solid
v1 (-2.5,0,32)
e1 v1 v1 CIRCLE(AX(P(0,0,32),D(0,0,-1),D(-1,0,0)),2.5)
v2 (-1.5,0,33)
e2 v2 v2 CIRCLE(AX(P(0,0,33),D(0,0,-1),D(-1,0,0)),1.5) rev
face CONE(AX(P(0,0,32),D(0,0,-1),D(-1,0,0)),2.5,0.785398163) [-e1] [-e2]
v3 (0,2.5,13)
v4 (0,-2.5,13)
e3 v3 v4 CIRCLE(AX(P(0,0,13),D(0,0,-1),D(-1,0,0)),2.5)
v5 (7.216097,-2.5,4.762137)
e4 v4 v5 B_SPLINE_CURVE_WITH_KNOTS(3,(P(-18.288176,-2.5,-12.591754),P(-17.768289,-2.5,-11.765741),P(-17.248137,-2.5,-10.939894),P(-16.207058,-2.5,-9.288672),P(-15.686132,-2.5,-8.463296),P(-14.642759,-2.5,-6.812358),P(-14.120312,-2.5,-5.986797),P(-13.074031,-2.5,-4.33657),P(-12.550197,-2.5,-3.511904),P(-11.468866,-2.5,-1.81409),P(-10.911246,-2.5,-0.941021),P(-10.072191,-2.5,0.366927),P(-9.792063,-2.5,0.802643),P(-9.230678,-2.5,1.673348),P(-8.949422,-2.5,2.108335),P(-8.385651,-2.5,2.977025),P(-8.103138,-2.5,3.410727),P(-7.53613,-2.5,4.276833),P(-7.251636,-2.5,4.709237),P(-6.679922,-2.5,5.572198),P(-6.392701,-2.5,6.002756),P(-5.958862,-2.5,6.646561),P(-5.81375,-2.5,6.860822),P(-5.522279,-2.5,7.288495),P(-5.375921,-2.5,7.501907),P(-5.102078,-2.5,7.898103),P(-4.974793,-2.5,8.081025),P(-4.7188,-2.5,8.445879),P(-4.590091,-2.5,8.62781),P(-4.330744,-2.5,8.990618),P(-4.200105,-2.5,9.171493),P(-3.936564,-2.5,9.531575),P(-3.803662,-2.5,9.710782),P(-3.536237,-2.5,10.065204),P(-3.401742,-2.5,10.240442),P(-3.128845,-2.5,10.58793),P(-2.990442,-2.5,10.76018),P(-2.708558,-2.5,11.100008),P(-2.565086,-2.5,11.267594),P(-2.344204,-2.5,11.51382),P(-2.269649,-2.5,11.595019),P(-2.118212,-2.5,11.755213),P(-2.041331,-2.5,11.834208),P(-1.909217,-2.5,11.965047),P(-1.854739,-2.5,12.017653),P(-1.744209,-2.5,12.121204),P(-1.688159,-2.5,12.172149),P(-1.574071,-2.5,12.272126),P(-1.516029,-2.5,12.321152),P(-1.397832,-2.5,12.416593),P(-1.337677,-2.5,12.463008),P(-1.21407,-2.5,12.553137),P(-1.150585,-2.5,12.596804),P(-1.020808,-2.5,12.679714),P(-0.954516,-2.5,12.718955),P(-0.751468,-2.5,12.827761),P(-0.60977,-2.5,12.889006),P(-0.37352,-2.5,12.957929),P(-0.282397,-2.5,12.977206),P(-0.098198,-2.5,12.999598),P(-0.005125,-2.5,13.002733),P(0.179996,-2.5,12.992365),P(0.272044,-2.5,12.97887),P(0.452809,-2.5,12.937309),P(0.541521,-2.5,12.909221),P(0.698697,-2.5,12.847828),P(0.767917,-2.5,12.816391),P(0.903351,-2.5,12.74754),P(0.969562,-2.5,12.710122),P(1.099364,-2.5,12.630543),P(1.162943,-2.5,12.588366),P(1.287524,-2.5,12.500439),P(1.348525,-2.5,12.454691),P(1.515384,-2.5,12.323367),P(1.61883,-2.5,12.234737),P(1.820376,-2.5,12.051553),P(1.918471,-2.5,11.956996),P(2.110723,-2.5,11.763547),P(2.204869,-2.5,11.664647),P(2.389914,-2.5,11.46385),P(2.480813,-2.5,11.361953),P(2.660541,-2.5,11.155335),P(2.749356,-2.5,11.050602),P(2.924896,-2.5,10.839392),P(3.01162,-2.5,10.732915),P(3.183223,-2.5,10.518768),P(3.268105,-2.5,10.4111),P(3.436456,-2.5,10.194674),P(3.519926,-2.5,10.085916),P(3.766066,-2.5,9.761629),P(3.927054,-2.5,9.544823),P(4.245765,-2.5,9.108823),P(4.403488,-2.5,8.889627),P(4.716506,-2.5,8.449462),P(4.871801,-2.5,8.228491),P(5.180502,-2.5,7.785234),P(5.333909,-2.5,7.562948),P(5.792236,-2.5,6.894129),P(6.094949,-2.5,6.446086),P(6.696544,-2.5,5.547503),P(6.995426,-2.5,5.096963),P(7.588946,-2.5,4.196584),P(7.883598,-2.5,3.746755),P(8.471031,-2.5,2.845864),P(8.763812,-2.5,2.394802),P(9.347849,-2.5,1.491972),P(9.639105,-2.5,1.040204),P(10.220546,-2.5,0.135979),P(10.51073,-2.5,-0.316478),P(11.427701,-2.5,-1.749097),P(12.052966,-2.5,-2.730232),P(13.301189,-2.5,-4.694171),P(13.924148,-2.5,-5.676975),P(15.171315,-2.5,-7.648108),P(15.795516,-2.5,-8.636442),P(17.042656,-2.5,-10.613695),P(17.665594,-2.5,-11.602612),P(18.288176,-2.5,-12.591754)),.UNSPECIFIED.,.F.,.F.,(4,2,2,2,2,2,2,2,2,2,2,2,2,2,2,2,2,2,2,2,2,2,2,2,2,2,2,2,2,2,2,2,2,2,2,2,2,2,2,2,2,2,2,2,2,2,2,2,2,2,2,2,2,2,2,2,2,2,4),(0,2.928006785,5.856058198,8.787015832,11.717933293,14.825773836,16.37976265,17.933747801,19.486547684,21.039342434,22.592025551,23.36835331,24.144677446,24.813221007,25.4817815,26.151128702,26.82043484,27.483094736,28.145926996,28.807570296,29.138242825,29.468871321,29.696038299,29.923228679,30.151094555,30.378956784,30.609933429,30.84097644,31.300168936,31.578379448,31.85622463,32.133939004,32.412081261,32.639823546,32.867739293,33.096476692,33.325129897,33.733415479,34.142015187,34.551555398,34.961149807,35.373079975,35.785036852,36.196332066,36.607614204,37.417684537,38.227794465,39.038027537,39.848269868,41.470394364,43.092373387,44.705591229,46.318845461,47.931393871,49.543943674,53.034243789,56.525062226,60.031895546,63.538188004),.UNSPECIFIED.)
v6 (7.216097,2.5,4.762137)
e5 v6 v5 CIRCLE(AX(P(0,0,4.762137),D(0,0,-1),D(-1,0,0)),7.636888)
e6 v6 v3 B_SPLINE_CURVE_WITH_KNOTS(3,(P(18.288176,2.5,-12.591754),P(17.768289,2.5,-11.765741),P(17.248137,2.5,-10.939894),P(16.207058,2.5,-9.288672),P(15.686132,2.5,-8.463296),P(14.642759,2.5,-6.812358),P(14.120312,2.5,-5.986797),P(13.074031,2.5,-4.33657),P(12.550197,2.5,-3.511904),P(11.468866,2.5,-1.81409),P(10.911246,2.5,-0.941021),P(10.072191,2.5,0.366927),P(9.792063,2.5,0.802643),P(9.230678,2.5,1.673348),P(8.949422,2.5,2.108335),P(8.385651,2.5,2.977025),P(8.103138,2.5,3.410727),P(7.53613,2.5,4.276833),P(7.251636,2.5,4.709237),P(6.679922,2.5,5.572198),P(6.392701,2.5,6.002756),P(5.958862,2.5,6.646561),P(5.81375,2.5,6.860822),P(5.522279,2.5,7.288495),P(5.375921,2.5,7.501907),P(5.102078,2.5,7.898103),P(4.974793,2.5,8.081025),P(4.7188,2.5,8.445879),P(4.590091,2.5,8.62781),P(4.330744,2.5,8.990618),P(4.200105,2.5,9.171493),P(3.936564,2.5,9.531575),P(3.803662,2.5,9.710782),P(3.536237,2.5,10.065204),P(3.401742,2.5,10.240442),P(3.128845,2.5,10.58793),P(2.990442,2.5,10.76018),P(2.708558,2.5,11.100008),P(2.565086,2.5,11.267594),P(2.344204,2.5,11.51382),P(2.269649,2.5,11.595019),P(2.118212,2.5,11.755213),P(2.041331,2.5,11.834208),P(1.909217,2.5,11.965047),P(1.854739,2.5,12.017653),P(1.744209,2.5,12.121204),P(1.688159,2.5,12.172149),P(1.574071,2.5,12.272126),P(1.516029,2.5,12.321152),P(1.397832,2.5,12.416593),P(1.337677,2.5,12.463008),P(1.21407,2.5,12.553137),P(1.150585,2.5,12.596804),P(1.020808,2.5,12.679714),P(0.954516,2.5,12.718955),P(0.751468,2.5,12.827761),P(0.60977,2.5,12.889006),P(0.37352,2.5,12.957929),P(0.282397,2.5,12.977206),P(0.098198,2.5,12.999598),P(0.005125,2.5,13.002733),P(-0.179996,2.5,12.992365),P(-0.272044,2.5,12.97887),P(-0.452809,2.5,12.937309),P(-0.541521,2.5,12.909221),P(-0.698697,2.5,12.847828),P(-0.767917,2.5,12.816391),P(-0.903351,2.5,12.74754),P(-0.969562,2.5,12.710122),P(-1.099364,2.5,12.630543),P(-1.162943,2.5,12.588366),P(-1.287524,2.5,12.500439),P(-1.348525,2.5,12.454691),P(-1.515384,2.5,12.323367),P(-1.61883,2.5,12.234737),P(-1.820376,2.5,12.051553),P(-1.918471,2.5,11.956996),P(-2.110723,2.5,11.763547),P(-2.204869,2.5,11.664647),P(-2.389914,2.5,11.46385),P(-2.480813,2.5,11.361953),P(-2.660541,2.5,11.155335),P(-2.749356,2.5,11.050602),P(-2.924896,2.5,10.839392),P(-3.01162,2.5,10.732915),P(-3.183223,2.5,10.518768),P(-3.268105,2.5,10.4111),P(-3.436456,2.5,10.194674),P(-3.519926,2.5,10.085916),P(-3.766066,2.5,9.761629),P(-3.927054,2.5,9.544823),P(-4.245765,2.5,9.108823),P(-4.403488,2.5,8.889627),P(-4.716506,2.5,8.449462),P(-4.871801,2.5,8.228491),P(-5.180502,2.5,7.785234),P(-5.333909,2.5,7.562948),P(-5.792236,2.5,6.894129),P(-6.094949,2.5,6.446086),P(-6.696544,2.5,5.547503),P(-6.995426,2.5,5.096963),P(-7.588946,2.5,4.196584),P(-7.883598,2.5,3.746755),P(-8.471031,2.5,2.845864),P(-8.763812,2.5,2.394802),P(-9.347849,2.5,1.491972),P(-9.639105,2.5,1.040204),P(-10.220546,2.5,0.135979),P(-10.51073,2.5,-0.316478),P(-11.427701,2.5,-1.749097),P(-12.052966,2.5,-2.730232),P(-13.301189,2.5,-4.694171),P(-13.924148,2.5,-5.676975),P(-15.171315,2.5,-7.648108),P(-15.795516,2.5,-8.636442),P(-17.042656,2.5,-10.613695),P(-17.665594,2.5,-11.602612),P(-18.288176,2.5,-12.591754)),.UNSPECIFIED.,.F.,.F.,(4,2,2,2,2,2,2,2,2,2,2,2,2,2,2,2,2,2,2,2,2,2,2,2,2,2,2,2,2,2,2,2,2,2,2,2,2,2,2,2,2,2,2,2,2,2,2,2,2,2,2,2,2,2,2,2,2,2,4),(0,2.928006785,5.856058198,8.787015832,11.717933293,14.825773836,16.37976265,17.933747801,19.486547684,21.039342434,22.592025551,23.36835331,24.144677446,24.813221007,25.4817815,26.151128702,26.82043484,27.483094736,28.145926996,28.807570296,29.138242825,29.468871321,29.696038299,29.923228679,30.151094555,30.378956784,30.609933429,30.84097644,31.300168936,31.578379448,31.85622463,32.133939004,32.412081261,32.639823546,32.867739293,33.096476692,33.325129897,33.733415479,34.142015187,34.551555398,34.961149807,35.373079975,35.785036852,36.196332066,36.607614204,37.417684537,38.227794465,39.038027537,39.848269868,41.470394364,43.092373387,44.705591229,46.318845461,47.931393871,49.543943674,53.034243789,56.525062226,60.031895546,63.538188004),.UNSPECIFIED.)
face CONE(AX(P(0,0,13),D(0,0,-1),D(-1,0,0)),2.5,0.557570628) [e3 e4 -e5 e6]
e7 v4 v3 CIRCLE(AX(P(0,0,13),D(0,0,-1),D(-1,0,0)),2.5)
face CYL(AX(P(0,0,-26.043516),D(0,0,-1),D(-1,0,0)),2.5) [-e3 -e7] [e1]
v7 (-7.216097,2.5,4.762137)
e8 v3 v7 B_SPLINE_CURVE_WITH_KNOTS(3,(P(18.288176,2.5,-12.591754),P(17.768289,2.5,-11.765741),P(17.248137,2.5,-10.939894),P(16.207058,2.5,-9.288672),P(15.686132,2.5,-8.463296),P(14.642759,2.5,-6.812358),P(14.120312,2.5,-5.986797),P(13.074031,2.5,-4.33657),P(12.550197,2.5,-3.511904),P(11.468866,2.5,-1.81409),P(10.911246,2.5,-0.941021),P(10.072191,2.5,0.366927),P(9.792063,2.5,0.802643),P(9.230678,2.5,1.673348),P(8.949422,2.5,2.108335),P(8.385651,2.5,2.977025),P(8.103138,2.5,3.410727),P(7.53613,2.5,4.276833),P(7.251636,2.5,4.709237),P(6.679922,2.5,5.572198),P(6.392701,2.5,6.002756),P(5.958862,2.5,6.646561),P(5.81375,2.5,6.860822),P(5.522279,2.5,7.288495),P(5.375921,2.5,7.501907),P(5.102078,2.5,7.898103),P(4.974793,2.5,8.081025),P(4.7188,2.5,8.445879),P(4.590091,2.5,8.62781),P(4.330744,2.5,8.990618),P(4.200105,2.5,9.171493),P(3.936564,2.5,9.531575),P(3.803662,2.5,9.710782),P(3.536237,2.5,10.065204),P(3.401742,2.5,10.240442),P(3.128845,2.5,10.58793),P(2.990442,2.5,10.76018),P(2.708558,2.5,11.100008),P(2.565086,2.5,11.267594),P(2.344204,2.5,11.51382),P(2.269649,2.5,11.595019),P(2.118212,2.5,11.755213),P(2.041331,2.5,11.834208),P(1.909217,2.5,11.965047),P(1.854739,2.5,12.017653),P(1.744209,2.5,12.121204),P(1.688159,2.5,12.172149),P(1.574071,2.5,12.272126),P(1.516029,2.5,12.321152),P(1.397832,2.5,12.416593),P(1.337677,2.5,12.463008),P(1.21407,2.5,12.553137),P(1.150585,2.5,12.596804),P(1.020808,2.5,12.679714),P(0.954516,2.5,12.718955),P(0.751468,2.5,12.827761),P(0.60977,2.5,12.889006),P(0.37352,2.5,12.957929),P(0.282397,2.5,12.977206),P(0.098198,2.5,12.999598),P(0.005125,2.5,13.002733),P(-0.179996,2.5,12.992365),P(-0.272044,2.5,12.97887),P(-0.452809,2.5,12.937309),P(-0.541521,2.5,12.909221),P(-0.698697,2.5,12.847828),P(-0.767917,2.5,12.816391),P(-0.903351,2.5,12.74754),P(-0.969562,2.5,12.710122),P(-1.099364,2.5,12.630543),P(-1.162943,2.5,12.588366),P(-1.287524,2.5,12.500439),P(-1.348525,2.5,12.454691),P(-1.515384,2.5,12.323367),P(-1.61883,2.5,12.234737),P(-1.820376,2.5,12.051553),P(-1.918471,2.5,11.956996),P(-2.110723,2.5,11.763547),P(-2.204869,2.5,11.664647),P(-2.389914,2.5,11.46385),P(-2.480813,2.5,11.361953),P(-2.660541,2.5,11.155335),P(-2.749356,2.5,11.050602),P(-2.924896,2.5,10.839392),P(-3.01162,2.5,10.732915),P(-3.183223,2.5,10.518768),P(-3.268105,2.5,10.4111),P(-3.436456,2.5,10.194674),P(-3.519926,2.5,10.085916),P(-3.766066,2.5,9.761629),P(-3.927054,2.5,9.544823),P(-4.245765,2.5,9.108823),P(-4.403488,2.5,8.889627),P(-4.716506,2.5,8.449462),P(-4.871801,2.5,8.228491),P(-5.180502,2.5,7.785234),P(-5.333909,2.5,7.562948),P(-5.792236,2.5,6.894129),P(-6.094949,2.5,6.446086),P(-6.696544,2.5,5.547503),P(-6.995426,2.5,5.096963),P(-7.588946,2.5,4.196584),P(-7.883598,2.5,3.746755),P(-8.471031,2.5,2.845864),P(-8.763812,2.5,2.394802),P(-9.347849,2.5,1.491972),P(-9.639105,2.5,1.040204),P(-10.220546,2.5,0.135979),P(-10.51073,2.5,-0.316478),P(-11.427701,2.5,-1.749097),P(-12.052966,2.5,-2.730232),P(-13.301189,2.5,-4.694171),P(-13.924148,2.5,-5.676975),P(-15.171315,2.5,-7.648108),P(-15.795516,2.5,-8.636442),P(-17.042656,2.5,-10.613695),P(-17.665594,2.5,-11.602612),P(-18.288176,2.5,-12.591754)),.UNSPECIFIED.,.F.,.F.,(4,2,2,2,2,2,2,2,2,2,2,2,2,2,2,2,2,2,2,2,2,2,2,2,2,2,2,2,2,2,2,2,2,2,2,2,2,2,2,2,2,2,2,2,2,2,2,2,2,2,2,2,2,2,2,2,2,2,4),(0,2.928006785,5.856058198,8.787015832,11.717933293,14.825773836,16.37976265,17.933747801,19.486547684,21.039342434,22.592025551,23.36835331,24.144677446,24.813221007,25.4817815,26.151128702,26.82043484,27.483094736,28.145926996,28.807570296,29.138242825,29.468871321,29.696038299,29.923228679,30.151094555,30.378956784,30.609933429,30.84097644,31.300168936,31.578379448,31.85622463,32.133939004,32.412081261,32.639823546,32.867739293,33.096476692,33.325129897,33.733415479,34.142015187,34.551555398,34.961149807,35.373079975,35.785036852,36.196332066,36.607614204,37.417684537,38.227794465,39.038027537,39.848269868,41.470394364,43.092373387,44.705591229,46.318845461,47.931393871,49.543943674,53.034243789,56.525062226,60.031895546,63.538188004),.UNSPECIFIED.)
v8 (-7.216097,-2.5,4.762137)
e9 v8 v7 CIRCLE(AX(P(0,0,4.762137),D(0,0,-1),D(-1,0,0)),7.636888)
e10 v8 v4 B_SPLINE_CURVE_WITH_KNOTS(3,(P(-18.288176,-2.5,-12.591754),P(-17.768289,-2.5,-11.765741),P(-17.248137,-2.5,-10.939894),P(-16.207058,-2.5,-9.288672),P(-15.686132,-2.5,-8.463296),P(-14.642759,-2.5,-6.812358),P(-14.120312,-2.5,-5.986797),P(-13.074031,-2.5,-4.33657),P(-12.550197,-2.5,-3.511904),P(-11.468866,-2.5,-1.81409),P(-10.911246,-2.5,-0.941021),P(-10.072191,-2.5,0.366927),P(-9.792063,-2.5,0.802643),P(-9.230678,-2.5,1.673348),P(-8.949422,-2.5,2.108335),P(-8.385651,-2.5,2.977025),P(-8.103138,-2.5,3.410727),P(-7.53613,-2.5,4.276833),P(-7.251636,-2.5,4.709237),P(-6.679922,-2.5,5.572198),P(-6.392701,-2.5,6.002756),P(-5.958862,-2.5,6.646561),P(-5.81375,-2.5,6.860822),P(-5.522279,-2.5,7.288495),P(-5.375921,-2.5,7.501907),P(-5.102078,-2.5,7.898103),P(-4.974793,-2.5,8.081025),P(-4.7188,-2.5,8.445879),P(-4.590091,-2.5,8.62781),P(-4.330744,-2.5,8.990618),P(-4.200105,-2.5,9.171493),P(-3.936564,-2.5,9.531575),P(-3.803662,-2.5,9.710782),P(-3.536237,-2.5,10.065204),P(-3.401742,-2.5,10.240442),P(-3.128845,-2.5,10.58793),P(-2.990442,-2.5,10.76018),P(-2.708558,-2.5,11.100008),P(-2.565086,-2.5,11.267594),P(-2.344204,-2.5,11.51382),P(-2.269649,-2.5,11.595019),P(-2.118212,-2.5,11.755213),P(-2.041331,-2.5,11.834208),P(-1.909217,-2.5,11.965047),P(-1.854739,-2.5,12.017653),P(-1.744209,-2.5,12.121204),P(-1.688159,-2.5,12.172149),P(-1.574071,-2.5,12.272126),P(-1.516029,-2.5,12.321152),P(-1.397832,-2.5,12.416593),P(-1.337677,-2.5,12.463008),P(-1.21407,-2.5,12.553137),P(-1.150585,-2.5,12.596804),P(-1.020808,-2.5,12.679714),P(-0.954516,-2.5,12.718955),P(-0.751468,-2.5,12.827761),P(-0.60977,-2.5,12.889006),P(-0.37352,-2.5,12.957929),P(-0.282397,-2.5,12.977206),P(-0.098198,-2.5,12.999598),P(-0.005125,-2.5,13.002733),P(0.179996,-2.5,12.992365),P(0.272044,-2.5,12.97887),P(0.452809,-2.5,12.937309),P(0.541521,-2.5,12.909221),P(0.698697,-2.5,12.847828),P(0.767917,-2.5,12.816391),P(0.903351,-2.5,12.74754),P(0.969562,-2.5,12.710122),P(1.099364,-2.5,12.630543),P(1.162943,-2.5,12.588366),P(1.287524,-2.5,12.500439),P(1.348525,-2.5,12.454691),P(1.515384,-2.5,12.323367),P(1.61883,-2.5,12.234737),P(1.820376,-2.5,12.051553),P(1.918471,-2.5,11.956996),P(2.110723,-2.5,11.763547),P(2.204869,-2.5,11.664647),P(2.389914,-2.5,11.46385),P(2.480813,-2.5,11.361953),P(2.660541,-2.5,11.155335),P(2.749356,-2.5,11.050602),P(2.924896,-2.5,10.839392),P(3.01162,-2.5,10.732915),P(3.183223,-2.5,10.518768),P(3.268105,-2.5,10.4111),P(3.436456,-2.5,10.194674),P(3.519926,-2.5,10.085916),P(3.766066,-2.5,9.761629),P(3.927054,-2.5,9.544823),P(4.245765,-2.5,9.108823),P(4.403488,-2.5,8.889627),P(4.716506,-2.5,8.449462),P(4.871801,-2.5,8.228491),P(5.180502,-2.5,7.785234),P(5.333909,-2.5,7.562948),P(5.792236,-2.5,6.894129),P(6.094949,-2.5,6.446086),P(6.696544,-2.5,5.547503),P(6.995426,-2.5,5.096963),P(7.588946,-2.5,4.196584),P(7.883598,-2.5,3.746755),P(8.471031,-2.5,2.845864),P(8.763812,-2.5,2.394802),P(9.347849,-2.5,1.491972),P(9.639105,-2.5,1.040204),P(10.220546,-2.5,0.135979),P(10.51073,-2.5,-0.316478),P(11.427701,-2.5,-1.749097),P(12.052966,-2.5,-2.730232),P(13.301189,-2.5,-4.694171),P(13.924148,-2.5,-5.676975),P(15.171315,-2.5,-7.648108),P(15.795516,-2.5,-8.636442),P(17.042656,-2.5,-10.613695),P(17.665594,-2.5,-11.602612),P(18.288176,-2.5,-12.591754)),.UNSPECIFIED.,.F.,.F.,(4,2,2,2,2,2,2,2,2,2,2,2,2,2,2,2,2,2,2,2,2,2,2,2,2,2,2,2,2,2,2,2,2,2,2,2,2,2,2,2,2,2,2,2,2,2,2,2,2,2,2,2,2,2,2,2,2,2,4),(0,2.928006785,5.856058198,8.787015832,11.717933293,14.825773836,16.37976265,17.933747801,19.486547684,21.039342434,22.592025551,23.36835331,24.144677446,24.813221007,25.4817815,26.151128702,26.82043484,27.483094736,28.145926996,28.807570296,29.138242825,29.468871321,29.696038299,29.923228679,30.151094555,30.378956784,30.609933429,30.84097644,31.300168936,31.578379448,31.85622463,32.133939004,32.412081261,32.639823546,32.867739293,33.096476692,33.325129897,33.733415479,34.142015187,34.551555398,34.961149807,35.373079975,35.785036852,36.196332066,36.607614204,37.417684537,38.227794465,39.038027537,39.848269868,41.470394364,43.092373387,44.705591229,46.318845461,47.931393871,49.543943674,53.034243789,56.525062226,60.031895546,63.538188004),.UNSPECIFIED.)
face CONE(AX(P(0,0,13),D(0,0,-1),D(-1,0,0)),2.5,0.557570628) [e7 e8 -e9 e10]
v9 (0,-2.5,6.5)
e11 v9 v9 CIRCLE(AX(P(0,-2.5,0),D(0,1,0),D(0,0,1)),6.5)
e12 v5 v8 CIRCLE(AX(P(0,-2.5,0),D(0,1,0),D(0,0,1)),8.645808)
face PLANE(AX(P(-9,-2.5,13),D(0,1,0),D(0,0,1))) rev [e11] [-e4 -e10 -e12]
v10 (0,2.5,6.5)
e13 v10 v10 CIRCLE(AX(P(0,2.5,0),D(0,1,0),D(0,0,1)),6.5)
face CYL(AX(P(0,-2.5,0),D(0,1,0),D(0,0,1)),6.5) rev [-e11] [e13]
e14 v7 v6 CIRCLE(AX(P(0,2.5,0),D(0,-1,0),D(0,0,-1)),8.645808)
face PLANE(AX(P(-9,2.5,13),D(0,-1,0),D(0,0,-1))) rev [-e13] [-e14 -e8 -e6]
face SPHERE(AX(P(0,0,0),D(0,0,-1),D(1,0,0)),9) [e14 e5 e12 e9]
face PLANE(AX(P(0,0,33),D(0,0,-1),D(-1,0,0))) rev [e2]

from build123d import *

# Parameters (mm, degrees)
SZKIC1_W                        = 2.5
SZKIC1_H                        = 20
WYTNIJ_WYCI_GNI_CIE1_DEPTH      = 10
WYTNIJ_WYCI_GNI_CIE1_DEPTH_BACK = 10
SZKIC3_R                        = 6.5
WYTNIJ_WYCI_GNI_CIE2_DEPTH      = 3.5
WYTNIJ_WYCI_GNI_CIE2_DEPTH_BACK = 3.5
SFAZOWANIE1_SIZE                = 1


with BuildPart() as part:
    # Szkic1 → Obrót1 (revolve)
    with BuildSketch(Plane(origin=(0, 0, 0), x_dir=(1, 0, 0), z_dir=(0, 1, 0))):
        with BuildLine():
            Line((0, 9), (0, -13))
            Line((0, -13), (2.5, -13))
            Line((2.5, -13), (7.636887524, -4.762137015))
            ThreePointArc((7.636887524, -4.762137015), (7.869537252, 4.366965014), (0, 9))
        make_face()
        with Locations((1.25, -23)):
            Rectangle(SZKIC1_W, SZKIC1_H)
    revolve(axis=Axis((0, 0, -26.043516498), (0, 0, 1)))

    # Szkic2 → Wytnij-wyciągnięcie1 (cut, two sides)
    with BuildSketch(Plane(origin=(0, 0, 0), x_dir=(0, 0, -1), z_dir=(1, 0, 0))) as wytnij_wyci_gni_cie1_sk:
        with BuildLine():
            Line((-13, 2.5), (8.645808233, 2.5))
            ThreePointArc((8.645808233, 2.5), (3.21988026, 8.4043067), (-4.762137015, 7.636887524))
            Line((-4.762137015, 7.636887524), (-13, 2.5))
        make_face()
        with BuildLine():
            Line((-13, -2.5), (8.645808233, -2.5))
            ThreePointArc((8.645808233, -2.5), (3.21988026, -8.4043067), (-4.762137015, -7.636887524))
            Line((-4.762137015, -7.636887524), (-13, -2.5))
        make_face()
    extrude(amount=WYTNIJ_WYCI_GNI_CIE1_DEPTH, mode=Mode.SUBTRACT)
    extrude(wytnij_wyci_gni_cie1_sk.sketch, amount=-WYTNIJ_WYCI_GNI_CIE1_DEPTH_BACK, mode=Mode.SUBTRACT)

    # Szkic3 → Wytnij-wyciągnięcie2 (cut, two sides)
    with BuildSketch(Plane(origin=(0, 0, 0), x_dir=(1, 0, 0), z_dir=(0, 1, 0))) as wytnij_wyci_gni_cie2_sk:
        Circle(SZKIC3_R)
    extrude(amount=WYTNIJ_WYCI_GNI_CIE2_DEPTH, mode=Mode.SUBTRACT)
    extrude(wytnij_wyci_gni_cie2_sk.sketch, amount=-WYTNIJ_WYCI_GNI_CIE2_DEPTH_BACK, mode=Mode.SUBTRACT)

    # Sfazowanie1
    sfazowanie1_edges = [part.edges().sort_by_distance(p)[0] for p in [
        (-2.5, 0, 33),
    ]]
    chamfer(sfazowanie1_edges, length=SFAZOWANIE1_SIZE)


solid = part.part
